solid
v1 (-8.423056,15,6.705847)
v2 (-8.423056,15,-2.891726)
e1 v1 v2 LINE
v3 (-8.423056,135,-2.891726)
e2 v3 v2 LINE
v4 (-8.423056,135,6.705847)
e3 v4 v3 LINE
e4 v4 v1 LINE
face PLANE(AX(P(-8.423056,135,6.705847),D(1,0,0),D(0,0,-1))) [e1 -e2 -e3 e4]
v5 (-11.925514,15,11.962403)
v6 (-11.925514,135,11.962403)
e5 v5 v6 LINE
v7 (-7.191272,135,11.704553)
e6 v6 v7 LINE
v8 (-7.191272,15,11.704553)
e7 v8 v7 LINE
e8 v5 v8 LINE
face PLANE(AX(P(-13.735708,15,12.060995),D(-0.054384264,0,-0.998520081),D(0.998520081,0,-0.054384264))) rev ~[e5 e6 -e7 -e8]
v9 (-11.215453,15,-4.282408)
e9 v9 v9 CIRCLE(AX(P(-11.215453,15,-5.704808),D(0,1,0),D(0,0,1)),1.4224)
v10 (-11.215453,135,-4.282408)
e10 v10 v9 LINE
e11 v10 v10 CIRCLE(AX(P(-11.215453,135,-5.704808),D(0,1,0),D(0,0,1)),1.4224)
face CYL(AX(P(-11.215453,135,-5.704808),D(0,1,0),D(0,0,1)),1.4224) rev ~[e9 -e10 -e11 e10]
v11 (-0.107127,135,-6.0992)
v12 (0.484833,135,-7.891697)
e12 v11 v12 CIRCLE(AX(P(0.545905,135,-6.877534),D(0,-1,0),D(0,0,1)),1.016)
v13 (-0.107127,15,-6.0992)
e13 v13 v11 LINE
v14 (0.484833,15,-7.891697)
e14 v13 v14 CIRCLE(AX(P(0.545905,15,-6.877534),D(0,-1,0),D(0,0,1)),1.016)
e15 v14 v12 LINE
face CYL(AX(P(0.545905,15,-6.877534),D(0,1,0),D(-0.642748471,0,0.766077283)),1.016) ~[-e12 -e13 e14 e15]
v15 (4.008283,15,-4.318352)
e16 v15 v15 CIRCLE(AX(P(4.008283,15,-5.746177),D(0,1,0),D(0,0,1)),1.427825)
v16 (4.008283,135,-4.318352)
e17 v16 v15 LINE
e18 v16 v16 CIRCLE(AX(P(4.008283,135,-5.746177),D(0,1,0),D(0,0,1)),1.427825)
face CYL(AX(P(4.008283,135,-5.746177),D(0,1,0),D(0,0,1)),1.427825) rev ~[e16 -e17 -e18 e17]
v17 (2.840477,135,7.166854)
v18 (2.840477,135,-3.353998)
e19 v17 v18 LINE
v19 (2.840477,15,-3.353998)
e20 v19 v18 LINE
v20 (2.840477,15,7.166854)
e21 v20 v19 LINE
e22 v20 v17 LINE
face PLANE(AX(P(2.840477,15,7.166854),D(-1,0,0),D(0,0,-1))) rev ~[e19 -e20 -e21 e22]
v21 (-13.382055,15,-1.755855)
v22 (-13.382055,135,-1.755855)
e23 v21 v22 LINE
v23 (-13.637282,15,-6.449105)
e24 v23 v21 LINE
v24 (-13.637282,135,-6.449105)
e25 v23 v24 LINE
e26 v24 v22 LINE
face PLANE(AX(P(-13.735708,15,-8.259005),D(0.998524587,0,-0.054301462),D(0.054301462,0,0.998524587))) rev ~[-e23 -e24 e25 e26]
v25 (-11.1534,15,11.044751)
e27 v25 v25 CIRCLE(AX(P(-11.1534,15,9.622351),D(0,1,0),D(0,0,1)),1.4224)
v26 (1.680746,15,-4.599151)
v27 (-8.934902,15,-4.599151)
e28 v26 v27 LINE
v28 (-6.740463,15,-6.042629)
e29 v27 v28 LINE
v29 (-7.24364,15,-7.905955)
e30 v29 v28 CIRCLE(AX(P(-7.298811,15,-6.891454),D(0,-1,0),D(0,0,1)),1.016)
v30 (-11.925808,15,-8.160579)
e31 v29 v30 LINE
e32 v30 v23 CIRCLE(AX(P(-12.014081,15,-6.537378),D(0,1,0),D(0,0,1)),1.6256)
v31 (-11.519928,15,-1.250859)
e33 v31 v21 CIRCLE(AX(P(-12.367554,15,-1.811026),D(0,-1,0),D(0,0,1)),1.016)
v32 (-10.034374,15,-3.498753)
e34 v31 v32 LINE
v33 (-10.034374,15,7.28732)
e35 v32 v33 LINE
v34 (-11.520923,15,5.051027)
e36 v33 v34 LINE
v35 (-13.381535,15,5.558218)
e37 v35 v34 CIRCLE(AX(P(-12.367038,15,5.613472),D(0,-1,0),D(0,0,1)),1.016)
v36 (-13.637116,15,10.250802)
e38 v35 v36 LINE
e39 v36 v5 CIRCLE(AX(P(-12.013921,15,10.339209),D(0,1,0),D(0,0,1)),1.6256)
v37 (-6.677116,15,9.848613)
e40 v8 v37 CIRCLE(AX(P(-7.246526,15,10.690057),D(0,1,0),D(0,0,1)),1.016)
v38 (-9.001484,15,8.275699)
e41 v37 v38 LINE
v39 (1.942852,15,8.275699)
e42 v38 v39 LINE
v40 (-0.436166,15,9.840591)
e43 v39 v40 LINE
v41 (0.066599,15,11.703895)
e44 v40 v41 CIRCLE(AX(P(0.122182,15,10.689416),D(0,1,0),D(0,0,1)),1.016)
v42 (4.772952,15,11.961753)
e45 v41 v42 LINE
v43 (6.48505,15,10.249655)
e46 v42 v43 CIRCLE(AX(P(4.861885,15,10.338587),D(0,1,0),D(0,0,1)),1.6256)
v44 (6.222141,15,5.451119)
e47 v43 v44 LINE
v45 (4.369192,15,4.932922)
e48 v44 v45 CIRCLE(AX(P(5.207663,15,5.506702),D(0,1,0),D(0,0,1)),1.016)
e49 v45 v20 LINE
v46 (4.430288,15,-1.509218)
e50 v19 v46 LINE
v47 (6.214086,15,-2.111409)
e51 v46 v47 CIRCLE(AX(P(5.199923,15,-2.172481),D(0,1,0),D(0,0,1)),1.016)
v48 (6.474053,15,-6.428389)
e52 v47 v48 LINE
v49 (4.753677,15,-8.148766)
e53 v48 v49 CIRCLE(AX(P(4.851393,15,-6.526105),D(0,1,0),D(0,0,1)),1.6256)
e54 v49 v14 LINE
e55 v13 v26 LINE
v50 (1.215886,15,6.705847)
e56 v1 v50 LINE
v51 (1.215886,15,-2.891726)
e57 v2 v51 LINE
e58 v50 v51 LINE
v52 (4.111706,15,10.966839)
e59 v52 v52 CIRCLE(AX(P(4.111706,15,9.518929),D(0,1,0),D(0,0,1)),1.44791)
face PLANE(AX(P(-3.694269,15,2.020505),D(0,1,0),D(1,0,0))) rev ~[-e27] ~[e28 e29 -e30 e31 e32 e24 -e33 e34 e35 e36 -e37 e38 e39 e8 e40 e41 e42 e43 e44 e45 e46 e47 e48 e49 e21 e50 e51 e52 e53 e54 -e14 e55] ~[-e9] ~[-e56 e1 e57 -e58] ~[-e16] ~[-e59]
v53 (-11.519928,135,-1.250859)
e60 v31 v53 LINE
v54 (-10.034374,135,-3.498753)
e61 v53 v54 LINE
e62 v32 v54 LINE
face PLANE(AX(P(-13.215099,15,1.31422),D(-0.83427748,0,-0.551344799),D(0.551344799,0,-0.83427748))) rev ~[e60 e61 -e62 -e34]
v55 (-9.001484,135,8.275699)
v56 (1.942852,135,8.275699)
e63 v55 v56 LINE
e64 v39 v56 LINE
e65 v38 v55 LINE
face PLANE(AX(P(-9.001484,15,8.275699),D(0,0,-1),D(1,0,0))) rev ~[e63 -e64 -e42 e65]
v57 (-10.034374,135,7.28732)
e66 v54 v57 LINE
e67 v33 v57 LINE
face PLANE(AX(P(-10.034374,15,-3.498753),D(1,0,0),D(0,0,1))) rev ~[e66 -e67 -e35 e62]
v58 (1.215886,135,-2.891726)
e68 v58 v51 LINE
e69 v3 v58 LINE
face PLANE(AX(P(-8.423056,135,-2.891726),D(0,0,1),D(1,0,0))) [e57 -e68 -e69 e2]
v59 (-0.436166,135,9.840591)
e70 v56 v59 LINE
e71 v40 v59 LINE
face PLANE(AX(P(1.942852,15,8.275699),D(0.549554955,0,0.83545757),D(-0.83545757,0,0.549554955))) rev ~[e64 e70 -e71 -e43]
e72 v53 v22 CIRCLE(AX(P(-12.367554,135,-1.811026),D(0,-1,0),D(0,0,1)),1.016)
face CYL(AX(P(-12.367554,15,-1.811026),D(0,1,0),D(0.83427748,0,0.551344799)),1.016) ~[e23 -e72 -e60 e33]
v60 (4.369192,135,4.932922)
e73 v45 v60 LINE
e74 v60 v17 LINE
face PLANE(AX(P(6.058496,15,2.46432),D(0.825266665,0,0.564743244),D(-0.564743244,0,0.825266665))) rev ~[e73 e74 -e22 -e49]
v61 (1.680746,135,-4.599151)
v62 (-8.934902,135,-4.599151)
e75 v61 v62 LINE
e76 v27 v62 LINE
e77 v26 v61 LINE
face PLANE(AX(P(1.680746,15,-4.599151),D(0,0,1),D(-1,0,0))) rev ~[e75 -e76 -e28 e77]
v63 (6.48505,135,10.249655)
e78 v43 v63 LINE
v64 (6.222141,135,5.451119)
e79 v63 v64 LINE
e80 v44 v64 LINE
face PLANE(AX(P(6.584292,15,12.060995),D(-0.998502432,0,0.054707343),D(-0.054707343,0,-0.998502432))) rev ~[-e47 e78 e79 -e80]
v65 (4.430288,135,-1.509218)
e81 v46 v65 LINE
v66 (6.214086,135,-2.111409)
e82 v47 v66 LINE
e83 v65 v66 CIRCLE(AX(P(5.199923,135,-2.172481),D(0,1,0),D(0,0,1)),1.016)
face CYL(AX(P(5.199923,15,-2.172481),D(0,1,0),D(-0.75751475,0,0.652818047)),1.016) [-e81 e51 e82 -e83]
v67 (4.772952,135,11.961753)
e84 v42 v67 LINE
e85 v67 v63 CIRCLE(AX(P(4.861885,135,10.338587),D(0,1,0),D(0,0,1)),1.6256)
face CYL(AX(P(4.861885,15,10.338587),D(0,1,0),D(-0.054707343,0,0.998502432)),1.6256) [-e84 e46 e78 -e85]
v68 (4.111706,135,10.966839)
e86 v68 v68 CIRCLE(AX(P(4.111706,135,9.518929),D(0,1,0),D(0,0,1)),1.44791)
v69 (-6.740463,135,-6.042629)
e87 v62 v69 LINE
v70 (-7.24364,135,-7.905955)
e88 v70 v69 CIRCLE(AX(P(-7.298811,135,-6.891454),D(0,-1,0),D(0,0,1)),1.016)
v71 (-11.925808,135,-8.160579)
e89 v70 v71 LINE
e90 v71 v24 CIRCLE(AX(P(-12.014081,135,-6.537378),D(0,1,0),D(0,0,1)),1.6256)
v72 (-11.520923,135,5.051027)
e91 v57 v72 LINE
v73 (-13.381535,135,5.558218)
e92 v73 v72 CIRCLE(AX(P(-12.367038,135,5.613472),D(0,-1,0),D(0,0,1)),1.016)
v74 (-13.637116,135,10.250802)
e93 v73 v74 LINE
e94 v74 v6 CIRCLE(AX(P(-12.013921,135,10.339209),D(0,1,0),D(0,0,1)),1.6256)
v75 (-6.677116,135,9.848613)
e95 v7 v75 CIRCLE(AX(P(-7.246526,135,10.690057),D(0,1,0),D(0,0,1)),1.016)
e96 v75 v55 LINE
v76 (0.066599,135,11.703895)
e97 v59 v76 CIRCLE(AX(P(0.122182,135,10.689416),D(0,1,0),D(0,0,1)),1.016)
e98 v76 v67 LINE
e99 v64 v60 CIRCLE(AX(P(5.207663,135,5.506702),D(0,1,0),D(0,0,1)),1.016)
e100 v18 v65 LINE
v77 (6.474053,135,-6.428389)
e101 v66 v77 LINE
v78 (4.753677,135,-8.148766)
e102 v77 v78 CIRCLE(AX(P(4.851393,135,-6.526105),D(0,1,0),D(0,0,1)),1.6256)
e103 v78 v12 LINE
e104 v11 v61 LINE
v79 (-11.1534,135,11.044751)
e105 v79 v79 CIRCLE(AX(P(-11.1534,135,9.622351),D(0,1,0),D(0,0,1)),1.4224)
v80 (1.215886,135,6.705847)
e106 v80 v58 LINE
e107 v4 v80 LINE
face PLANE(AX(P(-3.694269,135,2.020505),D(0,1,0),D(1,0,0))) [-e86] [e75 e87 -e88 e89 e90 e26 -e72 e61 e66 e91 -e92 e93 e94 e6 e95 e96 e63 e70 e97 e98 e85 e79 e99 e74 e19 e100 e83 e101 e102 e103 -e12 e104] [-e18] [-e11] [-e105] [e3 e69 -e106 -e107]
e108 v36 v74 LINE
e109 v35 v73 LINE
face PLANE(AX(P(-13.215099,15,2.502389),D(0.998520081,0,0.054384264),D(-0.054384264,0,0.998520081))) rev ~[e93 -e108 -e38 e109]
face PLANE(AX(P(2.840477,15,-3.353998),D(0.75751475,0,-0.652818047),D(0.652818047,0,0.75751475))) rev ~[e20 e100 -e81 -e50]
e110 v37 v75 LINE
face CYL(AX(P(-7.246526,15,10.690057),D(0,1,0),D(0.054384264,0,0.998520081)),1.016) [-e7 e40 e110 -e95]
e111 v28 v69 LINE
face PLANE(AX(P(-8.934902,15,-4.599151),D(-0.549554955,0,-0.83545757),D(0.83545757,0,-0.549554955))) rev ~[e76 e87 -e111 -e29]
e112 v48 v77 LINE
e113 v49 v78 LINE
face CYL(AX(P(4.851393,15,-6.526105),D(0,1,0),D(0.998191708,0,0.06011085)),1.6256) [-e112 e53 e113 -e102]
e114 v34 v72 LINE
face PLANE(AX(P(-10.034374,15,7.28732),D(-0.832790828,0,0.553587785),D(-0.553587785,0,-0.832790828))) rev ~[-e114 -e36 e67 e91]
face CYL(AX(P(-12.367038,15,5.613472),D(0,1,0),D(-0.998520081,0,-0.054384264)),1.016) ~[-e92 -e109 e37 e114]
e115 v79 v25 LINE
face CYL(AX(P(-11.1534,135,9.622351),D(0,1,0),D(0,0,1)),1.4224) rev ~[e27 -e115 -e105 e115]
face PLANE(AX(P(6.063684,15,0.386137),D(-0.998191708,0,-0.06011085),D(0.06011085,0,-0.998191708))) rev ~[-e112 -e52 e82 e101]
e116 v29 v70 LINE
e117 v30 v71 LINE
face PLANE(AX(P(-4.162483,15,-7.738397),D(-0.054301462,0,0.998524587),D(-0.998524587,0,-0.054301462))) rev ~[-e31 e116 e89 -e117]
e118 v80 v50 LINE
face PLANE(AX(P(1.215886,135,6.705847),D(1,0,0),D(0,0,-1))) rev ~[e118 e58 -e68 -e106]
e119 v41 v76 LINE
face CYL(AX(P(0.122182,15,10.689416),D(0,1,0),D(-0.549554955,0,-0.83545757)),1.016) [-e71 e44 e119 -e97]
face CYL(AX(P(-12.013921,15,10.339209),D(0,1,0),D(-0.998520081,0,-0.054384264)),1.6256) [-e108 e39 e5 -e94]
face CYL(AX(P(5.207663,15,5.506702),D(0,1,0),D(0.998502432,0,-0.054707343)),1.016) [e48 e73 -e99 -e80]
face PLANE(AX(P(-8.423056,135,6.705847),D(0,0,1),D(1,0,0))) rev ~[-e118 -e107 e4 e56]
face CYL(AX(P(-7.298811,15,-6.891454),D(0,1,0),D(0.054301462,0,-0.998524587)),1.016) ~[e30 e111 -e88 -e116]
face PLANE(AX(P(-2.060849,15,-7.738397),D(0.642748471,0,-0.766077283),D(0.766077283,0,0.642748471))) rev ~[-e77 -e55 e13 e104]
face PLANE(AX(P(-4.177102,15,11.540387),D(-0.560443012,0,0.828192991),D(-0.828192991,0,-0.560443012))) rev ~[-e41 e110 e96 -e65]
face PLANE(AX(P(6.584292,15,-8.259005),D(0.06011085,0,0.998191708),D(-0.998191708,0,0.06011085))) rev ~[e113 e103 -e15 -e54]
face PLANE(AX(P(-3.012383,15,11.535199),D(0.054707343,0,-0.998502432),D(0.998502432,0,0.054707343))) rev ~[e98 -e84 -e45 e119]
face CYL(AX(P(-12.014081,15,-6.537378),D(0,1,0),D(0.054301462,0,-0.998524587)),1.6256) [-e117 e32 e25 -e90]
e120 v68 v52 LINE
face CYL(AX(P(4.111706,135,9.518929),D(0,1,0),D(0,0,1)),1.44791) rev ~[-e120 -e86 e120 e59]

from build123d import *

# Parameters (mm, degrees)
BOSS_EXTRUDE1_DEPTH = 150
FILLET1_R           = 2.032
FILLET2_R           = 1.27
SKETCH5_W           = 12.048677603
SKETCH5_H           = 11.996966541
SKETCH5_R           = 1.809887194
SKETCH5_R_2         = 1.778
SKETCH5_R_3         = 1.784780941
CUT_EXTRUDE3_DEPTH  = 152.558342858
SCALE1_SCALE        = 0.8


with BuildPart() as part:
    # Sketch2 → Boss-Extrude1 (new body)
    with BuildSketch(Plane(origin=(0, 0, 0), x_dir=(1, 0, 0), z_dir=(0, 1, 0))):
        Polygon((-11.631944508, 4.856112595), (-11.631944508, -8.62647921), (-15.607851567, -2.645315933), (-16.258611825, -14.593573265), (-4.310354494, -13.942813006), (-10.340832945, -9.861953178), (3.339587632, -9.861953178), (-2.854456203, -13.936328227), (9.141388175, -14.593573265), (8.484143137, -2.597728887), (4.461618468, -8.47589662), (4.461618468, 4.675168062), (8.490627916, 0), (9.141388175, 10.806426735), (-1.66503856, 10.155666477), (3.011955341, 6.231609797), (-10.257604353, 6.231609797), (-4.292081103, 10.155666477), (-16.258611825, 10.806426735), (-15.607851567, -1.160103987), align=None)
    extrude(amount=BOSS_EXTRUDE1_DEPTH)

    # Fillet1
    fillet1_edges = [part.edges().sort_by_distance(p)[0] for p in [
        (9.141388175, 75, 14.593573265),
        (-16.258611825, 75, 14.593573265),
        (-16.258611825, 75, -10.806426735),
        (9.141388175, 75, -10.806426735),
    ]]
    fillet(fillet1_edges, radius=FILLET1_R)

    # Fillet2
    fillet2_edges = [part.edges().sort_by_distance(p)[0] for p in [
        (8.490627916, 75, 0),
        (8.484143137, 75, 2.597728887),
        (-2.854456203, 75, 13.936328227),
        (-4.310354494, 75, 13.942813006),
        (-15.607851567, 75, 2.645315933),
        (-15.607851567, 75, 1.160103987),
        (-4.292081103, 75, -10.155666477),
        (-1.66503856, 75, -10.155666477),
    ]]
    fillet(fillet2_edges, radius=FILLET2_R)

    # Sketch5 → Cut-Extrude3 (cut, through all)
    with BuildSketch(Plane(origin=(0, 150, 0), x_dir=(1, 0, 0), z_dir=(0, 1, 0))):
        with Locations((-3.593458736, -1.901154881)):
            Rectangle(SKETCH5_W, SKETCH5_H)
        with Locations(Location((6.050654454, -11.415990413, 0), (0, 0, 270))):
            Circle(SKETCH5_R)
        with Locations(Location((-13.030727673, -11.545268069, 0), (0, 0, 270))):
            Circle(SKETCH5_R_2)
        with Locations(Location((-13.108294267, 7.613680652, 0), (0, 0, 270))):
            Circle(SKETCH5_R_2)
        with Locations(Location((5.921376797, 7.665391714, 0), (0, 0, 270))):
            Circle(SKETCH5_R_3)
    extrude(amount=-CUT_EXTRUDE3_DEPTH, mode=Mode.SUBTRACT)


with BuildPart() as part_1:
    # Scale1: scaled about (-3.644090286, 75, 1.930683285)
    add(part.part.scale(SCALE1_SCALE).moved(Location((-0.728818057, 15, 0.386136657))))


solid = part_1.part
